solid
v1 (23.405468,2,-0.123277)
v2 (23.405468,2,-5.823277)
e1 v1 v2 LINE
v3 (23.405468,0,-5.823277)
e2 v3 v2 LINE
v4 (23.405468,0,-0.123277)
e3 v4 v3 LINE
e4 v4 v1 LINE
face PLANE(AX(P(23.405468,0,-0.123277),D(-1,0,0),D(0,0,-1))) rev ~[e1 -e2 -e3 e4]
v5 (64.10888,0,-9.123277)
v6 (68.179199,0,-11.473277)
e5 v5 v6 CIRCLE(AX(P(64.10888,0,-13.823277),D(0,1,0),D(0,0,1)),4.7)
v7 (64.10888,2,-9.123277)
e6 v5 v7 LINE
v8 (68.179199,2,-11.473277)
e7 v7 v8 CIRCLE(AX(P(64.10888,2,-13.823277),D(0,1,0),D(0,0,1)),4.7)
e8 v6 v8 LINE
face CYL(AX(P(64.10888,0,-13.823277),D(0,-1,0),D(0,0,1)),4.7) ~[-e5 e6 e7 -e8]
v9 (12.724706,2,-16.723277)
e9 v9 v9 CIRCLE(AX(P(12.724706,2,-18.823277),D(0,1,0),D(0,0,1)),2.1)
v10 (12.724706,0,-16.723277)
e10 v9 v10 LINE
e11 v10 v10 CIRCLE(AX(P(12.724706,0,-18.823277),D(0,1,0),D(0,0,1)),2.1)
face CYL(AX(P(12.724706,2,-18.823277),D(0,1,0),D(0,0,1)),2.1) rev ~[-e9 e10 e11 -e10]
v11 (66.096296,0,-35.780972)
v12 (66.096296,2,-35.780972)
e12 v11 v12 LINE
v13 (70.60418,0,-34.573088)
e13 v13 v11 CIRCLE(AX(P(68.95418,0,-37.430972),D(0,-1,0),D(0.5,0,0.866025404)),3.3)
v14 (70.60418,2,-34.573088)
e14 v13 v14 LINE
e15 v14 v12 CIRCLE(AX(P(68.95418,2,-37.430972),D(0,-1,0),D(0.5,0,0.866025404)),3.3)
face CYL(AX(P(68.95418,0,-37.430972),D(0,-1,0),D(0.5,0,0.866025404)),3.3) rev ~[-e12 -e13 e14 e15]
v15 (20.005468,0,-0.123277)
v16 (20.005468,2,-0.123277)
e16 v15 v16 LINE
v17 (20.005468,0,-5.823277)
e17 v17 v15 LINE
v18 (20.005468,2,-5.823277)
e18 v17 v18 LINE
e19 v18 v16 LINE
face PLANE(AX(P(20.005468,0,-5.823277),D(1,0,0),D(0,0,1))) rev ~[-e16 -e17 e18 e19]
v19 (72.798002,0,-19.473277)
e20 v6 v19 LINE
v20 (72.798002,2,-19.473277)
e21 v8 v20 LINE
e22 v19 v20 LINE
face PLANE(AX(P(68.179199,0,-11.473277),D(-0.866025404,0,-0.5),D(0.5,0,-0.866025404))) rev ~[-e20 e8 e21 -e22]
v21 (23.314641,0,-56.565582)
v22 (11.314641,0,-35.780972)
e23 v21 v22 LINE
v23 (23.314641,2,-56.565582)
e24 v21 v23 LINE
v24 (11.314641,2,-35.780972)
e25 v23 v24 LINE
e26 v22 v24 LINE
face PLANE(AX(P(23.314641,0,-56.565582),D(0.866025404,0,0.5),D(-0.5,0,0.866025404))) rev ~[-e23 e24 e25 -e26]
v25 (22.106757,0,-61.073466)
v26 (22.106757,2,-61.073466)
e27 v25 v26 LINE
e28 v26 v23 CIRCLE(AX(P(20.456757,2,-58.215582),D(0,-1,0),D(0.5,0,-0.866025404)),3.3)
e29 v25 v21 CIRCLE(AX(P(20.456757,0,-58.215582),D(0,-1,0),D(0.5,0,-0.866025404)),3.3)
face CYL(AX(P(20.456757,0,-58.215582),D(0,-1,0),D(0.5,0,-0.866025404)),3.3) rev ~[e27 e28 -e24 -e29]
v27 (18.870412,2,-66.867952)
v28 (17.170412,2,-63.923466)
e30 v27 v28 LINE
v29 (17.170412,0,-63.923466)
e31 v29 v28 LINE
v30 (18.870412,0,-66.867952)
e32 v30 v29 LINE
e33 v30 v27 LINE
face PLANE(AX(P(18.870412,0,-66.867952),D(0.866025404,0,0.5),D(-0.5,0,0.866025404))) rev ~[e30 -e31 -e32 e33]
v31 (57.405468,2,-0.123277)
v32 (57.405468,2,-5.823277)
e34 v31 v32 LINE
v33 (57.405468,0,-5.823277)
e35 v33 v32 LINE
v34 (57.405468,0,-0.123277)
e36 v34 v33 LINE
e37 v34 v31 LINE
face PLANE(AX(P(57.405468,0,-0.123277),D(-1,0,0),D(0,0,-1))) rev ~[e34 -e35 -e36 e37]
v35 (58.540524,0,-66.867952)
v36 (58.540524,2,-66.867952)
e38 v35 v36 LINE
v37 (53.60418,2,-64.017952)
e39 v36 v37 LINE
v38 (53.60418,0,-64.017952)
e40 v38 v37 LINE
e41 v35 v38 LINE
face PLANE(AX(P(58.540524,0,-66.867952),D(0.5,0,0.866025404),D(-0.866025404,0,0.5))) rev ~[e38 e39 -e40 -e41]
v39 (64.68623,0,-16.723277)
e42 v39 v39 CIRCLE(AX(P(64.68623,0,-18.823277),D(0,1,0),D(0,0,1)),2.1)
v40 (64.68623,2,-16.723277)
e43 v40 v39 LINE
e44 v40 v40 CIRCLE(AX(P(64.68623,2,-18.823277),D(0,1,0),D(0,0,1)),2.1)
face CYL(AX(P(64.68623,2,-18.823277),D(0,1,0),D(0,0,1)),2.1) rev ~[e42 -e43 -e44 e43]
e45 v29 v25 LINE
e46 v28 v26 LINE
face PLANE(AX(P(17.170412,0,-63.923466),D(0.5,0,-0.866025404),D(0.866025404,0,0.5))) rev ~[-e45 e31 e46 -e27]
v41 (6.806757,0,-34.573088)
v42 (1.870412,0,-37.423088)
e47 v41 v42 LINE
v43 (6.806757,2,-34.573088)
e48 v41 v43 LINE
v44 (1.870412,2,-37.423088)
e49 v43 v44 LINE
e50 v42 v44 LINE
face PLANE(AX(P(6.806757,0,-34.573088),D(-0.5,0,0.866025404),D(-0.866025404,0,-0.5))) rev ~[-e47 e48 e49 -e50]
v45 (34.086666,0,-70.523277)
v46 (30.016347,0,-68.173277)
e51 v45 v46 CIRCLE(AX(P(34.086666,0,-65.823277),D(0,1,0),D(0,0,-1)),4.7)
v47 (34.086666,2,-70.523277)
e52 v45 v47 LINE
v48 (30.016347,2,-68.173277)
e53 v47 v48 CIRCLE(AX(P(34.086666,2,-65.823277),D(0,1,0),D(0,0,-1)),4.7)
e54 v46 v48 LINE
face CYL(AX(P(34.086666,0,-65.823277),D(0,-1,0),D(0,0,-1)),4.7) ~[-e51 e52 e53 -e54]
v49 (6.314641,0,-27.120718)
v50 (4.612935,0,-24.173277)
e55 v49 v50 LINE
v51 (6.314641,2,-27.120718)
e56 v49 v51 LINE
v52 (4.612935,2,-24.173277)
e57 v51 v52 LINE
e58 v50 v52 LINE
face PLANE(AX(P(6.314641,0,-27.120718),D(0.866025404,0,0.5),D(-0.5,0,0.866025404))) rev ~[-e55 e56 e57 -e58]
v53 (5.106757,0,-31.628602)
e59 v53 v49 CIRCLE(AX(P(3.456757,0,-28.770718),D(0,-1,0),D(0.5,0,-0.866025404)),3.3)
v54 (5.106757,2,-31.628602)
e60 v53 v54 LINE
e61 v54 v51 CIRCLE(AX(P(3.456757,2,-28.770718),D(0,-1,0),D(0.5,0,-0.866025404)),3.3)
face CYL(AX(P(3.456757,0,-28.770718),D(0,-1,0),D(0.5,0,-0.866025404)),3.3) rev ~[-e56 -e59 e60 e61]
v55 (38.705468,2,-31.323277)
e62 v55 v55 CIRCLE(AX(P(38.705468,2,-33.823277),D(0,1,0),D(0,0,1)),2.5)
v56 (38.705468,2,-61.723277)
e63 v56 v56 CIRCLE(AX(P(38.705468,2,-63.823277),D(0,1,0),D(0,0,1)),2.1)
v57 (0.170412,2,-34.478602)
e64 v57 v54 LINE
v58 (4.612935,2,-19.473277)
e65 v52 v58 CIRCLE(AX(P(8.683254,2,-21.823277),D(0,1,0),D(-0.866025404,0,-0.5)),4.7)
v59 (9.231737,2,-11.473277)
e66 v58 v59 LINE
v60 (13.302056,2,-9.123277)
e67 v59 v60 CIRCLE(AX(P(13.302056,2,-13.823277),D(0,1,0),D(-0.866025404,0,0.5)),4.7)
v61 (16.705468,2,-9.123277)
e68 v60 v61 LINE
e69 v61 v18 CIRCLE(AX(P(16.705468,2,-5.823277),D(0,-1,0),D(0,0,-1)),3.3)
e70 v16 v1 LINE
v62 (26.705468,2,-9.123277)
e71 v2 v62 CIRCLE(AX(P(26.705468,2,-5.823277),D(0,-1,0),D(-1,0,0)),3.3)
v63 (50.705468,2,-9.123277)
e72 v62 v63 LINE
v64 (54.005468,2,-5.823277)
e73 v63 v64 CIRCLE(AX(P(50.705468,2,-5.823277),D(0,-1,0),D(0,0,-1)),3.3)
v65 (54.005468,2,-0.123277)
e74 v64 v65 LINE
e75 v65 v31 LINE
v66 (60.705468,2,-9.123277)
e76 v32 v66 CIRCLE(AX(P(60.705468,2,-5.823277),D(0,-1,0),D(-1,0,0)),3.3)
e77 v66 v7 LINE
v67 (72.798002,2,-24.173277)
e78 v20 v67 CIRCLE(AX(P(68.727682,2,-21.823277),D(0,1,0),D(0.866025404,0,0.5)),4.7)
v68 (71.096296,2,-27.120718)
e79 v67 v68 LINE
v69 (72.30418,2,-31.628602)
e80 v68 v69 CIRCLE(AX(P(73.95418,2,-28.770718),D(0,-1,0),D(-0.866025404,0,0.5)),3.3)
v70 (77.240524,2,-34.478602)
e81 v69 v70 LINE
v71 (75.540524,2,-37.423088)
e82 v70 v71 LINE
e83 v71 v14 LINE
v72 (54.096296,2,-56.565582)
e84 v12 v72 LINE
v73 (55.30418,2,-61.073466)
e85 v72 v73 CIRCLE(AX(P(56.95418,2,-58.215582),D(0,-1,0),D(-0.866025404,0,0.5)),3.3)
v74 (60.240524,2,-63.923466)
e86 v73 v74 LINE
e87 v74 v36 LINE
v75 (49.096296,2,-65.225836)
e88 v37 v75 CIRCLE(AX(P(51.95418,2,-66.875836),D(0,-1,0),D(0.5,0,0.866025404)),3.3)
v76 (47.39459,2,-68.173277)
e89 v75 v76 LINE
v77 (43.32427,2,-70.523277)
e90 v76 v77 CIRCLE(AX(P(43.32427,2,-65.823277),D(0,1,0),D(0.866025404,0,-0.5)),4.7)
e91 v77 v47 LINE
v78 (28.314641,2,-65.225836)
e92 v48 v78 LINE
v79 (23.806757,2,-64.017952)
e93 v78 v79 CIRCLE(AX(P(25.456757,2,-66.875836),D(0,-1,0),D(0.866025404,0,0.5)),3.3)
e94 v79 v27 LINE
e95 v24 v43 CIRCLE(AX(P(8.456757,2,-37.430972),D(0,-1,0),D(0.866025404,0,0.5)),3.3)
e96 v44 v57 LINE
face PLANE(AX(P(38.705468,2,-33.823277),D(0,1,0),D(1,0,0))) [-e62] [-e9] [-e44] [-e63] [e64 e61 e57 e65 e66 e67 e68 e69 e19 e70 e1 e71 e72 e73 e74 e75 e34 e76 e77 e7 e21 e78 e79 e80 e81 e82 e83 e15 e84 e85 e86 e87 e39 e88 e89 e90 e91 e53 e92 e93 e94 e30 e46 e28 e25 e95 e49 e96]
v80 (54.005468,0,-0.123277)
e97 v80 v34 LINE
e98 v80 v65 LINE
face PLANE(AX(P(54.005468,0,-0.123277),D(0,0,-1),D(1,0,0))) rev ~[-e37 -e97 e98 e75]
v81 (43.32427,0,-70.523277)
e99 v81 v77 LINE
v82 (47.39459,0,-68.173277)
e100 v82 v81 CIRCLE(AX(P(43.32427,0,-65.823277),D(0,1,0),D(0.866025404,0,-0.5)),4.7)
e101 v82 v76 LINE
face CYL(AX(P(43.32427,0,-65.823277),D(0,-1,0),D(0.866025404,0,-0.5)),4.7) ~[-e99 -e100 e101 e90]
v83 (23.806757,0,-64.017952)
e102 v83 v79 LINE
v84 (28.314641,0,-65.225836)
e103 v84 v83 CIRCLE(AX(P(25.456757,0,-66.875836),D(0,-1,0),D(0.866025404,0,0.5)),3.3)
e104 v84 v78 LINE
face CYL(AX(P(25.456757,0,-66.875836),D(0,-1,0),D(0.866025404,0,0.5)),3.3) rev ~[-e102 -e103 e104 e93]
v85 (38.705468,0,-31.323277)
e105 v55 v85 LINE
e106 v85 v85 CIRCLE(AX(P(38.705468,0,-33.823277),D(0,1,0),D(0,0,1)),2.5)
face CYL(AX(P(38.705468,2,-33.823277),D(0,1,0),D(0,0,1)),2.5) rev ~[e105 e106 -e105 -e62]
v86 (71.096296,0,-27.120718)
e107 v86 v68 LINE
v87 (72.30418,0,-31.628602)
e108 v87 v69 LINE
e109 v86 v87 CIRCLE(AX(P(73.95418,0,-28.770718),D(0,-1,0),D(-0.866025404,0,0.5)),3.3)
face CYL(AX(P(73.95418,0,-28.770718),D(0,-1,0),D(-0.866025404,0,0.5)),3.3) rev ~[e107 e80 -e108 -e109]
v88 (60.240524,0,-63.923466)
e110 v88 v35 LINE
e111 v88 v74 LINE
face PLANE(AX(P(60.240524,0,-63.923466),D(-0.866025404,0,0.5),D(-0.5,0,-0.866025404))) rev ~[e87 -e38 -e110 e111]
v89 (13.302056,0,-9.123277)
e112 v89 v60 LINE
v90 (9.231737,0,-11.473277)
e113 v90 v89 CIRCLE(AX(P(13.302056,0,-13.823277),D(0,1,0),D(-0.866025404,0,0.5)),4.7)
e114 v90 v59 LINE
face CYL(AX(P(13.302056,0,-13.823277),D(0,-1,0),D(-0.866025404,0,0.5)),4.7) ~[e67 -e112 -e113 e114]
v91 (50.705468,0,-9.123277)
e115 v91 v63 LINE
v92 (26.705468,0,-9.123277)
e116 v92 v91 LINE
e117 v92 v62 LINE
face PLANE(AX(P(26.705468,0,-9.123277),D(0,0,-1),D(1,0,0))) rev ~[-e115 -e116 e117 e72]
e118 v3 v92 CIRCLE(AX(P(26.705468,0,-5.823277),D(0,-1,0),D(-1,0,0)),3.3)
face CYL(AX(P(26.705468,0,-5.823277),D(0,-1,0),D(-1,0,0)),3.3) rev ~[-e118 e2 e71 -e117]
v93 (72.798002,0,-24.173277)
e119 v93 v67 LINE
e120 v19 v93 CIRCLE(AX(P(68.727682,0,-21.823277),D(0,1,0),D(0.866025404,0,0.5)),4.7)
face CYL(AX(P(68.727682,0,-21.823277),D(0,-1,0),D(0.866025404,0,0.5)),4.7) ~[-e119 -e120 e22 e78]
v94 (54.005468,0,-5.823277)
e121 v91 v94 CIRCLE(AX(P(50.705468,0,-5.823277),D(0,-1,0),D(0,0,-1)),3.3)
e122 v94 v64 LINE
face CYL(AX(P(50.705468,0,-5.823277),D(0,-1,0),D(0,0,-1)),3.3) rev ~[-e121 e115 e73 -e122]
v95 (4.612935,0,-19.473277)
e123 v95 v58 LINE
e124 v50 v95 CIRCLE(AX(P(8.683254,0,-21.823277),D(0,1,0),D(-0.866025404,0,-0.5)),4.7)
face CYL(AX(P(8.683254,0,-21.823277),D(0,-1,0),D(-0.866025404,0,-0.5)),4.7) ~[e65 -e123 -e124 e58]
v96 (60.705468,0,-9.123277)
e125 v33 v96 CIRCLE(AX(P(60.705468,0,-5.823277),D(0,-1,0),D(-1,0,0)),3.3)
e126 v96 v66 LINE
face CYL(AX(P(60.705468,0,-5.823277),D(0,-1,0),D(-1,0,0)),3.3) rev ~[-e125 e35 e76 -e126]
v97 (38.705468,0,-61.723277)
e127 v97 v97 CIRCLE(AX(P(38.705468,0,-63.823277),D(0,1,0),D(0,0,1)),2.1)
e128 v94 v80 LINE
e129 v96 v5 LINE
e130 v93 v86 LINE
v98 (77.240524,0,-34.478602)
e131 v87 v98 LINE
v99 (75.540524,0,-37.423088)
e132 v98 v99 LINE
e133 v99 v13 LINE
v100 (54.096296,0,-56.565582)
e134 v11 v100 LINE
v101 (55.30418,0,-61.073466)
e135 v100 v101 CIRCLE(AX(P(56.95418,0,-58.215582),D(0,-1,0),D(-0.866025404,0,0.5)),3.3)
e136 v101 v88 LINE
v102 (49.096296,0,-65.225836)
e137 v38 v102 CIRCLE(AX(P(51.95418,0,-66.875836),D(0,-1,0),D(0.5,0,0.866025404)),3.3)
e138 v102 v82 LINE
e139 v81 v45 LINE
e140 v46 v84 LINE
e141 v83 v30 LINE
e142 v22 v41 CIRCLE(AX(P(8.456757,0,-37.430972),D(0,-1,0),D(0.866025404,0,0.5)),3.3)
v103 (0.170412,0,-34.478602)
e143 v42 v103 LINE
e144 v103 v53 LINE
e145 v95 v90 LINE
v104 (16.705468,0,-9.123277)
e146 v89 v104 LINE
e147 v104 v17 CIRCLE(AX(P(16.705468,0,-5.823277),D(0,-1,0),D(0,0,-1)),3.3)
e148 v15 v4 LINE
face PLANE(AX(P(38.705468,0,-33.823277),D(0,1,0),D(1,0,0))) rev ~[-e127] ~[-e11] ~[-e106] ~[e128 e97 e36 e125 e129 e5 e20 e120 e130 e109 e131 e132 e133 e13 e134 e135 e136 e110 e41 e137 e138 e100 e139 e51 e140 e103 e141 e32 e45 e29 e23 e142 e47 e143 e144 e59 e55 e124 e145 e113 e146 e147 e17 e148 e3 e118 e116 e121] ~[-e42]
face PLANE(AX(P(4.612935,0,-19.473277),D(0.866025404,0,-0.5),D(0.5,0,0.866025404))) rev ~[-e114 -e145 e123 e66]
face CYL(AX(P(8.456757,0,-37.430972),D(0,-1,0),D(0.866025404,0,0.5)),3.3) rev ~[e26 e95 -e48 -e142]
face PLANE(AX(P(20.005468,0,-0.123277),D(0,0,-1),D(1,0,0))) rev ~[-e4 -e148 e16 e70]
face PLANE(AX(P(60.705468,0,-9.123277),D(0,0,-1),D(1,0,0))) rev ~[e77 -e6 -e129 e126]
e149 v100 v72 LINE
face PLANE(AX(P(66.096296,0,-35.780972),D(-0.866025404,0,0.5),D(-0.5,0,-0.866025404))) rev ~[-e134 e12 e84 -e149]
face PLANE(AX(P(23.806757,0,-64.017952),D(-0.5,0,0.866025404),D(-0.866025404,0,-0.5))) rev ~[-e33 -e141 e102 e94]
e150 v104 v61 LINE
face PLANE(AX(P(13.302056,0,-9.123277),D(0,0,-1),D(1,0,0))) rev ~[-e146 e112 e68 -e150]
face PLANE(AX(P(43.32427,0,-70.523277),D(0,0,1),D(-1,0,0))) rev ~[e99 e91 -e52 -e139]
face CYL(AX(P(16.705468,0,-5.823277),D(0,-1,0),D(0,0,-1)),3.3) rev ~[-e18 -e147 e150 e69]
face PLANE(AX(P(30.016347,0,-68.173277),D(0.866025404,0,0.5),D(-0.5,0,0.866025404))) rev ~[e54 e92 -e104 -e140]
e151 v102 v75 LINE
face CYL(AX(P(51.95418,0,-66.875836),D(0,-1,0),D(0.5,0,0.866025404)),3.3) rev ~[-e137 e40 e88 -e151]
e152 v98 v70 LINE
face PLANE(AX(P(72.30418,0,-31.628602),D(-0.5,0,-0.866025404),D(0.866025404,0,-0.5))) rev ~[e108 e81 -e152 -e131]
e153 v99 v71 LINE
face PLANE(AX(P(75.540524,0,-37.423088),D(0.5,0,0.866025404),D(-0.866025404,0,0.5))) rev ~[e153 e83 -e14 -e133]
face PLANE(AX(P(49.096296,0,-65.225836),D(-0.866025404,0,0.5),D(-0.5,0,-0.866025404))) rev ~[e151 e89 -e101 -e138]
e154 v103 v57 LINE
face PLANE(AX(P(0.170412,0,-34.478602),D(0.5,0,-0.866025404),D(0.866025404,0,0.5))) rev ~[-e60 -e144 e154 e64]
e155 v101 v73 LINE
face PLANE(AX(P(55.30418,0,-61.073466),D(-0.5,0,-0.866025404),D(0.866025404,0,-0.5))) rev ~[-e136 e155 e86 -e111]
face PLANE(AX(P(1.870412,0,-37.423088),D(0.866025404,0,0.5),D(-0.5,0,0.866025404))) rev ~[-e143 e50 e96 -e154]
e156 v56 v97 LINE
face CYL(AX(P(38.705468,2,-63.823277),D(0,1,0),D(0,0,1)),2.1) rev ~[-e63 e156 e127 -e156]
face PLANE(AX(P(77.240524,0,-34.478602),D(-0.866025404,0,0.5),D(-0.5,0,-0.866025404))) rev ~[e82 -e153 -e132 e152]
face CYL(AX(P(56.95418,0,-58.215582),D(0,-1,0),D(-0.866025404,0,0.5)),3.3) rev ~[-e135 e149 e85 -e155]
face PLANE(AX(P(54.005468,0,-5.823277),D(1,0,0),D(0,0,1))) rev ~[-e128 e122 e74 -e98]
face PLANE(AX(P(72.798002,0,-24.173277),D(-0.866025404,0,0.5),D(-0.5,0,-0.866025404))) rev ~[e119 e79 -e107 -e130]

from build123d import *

# Parameters (mm, degrees)
BOSS_EXTRUDE1_DEPTH = 2
SKETCH4_R           = 2.1
CUT_EXTRUDE1_DEPTH  = 105.611811864
SKETCH5_R           = 2.5
CUT_EXTRUDE2_DEPTH  = 105.611811864


with BuildPart() as part:
    # Sketch1 → Boss-Extrude1 (new body)
    with BuildSketch(Plane(origin=(0, 0, 0), x_dir=(1, 0, 0), z_dir=(0, 1, 0))):
        with BuildLine():
            Line((49.096295698, 65.225835767), (47.394589776, 68.173276884))
            ThreePointArc((47.394589776, 68.173276884), (45.674270378, 69.893596282), (43.324270378, 70.523276884))
            Line((43.324270378, 70.523276884), (34.086666071, 70.523276884))
            ThreePointArc((34.086666071, 70.523276884), (31.736666071, 69.893596282), (30.016346673, 68.173276884))
            Line((30.016346673, 68.173276884), (28.314640751, 65.225835767))
            ThreePointArc((28.314640751, 65.225835767), (26.310859767, 63.688280541), (23.806756919, 64.017951935))
            Line((23.806756919, 64.017951935), (18.870412117, 66.867951935))
            Line((18.870412117, 66.867951935), (17.170412117, 63.923465562))
            Line((17.170412117, 63.923465562), (22.106756919, 61.073465562))
            ThreePointArc((22.106756919, 61.073465562), (23.644312145, 59.069684578), (23.314640751, 56.565581729))
            Line((23.314640751, 56.565581729), (11.314640751, 35.780972039))
            ThreePointArc((11.314640751, 35.780972039), (9.310859767, 34.243416812), (6.806756919, 34.573088206))
            Line((6.806756919, 34.573088206), (1.870412117, 37.423088206))
            Line((1.870412117, 37.423088206), (0.170412117, 34.478601833))
            Line((0.170412117, 34.478601833), (5.106756919, 31.628601833))
            ThreePointArc((5.106756919, 31.628601833), (6.644312145, 29.62482085), (6.314640751, 27.120718001))
            Line((6.314640751, 27.120718001), (4.612934829, 24.173276884))
            ThreePointArc((4.612934829, 24.173276884), (3.983254227, 21.823276884), (4.612934829, 19.473276884))
            Line((4.612934829, 19.473276884), (9.231736982, 11.473276884))
            ThreePointArc((9.231736982, 11.473276884), (10.95205638, 9.752957486), (13.30205638, 9.123276884))
            Line((13.30205638, 9.123276884), (16.705468225, 9.123276884))
            ThreePointArc((16.705468225, 9.123276884), (19.038920602, 8.156729262), (20.005468225, 5.823276884))
            Line((20.005468225, 5.823276884), (20.005468225, 0.123276884))
            Line((20.005468225, 0.123276884), (23.405468225, 0.123276884))
            Line((23.405468225, 0.123276884), (23.405468225, 5.823276884))
            ThreePointArc((23.405468225, 5.823276884), (24.372015847, 8.156729262), (26.705468225, 9.123276884))
            Line((26.705468225, 9.123276884), (50.705468225, 9.123276884))
            ThreePointArc((50.705468225, 9.123276884), (53.038920602, 8.156729262), (54.005468225, 5.823276884))
            Line((54.005468225, 5.823276884), (54.005468225, 0.123276884))
            Line((54.005468225, 0.123276884), (57.405468225, 0.123276884))
            Line((57.405468225, 0.123276884), (57.405468225, 5.823276884))
            ThreePointArc((57.405468225, 5.823276884), (58.372015847, 8.156729262), (60.705468225, 9.123276884))
            Line((60.705468225, 9.123276884), (64.108880069, 9.123276884))
            ThreePointArc((64.108880069, 9.123276884), (66.458880069, 9.752957486), (68.179199467, 11.473276884))
            Line((68.179199467, 11.473276884), (72.79800162, 19.473276884))
            ThreePointArc((72.79800162, 19.473276884), (73.427682222, 21.823276884), (72.79800162, 24.173276884))
            Line((72.79800162, 24.173276884), (71.096295698, 27.120718001))
            ThreePointArc((71.096295698, 27.120718001), (70.766624304, 29.62482085), (72.304179531, 31.628601833))
            Line((72.304179531, 31.628601833), (77.240524332, 34.478601833))
            Line((77.240524332, 34.478601833), (75.540524332, 37.423088206))
            Line((75.540524332, 37.423088206), (70.604179531, 34.573088206))
            ThreePointArc((70.604179531, 34.573088206), (68.100076682, 34.243416812), (66.096295698, 35.780972039))
            Line((66.096295698, 35.780972039), (54.096295698, 56.565581729))
            ThreePointArc((54.096295698, 56.565581729), (53.766624304, 59.069684578), (55.304179531, 61.073465562))
            Line((55.304179531, 61.073465562), (60.240524332, 63.923465562))
            Line((60.240524332, 63.923465562), (58.540524332, 66.867951935))
            Line((58.540524332, 66.867951935), (53.604179531, 64.017951935))
            ThreePointArc((53.604179531, 64.017951935), (51.100076682, 63.688280541), (49.096295698, 65.225835767))
        make_face()
    extrude(amount=BOSS_EXTRUDE1_DEPTH)

    # Sketch4 → Cut-Extrude1 (cut, through all)
    with BuildSketch(Plane(origin=(0, 2, 0), x_dir=(1, 0, 0), z_dir=(0, 1, 0))):
        with Locations(Location((38.705468225, 63.823276884, 0), (0, 0, 270))):
            Circle(SKETCH4_R)
        with Locations(Location((12.724706111, 18.823276884, 0), (0, 0, 270))):
            Circle(SKETCH4_R)
        with Locations(Location((64.686230338, 18.823276884, 0), (0, 0, 270))):
            Circle(SKETCH4_R)
    extrude(amount=-CUT_EXTRUDE1_DEPTH, mode=Mode.SUBTRACT)

    # Sketch5 → Cut-Extrude2 (cut, through all)
    with BuildSketch(Plane(origin=(0, 2, 0), x_dir=(1, 0, 0), z_dir=(0, 1, 0))):
        with Locations(Location((38.705468225, 33.823276884, 0), (0, 0, 270))):
            Circle(SKETCH5_R)
    extrude(amount=-CUT_EXTRUDE2_DEPTH, mode=Mode.SUBTRACT)


solid = part.part
